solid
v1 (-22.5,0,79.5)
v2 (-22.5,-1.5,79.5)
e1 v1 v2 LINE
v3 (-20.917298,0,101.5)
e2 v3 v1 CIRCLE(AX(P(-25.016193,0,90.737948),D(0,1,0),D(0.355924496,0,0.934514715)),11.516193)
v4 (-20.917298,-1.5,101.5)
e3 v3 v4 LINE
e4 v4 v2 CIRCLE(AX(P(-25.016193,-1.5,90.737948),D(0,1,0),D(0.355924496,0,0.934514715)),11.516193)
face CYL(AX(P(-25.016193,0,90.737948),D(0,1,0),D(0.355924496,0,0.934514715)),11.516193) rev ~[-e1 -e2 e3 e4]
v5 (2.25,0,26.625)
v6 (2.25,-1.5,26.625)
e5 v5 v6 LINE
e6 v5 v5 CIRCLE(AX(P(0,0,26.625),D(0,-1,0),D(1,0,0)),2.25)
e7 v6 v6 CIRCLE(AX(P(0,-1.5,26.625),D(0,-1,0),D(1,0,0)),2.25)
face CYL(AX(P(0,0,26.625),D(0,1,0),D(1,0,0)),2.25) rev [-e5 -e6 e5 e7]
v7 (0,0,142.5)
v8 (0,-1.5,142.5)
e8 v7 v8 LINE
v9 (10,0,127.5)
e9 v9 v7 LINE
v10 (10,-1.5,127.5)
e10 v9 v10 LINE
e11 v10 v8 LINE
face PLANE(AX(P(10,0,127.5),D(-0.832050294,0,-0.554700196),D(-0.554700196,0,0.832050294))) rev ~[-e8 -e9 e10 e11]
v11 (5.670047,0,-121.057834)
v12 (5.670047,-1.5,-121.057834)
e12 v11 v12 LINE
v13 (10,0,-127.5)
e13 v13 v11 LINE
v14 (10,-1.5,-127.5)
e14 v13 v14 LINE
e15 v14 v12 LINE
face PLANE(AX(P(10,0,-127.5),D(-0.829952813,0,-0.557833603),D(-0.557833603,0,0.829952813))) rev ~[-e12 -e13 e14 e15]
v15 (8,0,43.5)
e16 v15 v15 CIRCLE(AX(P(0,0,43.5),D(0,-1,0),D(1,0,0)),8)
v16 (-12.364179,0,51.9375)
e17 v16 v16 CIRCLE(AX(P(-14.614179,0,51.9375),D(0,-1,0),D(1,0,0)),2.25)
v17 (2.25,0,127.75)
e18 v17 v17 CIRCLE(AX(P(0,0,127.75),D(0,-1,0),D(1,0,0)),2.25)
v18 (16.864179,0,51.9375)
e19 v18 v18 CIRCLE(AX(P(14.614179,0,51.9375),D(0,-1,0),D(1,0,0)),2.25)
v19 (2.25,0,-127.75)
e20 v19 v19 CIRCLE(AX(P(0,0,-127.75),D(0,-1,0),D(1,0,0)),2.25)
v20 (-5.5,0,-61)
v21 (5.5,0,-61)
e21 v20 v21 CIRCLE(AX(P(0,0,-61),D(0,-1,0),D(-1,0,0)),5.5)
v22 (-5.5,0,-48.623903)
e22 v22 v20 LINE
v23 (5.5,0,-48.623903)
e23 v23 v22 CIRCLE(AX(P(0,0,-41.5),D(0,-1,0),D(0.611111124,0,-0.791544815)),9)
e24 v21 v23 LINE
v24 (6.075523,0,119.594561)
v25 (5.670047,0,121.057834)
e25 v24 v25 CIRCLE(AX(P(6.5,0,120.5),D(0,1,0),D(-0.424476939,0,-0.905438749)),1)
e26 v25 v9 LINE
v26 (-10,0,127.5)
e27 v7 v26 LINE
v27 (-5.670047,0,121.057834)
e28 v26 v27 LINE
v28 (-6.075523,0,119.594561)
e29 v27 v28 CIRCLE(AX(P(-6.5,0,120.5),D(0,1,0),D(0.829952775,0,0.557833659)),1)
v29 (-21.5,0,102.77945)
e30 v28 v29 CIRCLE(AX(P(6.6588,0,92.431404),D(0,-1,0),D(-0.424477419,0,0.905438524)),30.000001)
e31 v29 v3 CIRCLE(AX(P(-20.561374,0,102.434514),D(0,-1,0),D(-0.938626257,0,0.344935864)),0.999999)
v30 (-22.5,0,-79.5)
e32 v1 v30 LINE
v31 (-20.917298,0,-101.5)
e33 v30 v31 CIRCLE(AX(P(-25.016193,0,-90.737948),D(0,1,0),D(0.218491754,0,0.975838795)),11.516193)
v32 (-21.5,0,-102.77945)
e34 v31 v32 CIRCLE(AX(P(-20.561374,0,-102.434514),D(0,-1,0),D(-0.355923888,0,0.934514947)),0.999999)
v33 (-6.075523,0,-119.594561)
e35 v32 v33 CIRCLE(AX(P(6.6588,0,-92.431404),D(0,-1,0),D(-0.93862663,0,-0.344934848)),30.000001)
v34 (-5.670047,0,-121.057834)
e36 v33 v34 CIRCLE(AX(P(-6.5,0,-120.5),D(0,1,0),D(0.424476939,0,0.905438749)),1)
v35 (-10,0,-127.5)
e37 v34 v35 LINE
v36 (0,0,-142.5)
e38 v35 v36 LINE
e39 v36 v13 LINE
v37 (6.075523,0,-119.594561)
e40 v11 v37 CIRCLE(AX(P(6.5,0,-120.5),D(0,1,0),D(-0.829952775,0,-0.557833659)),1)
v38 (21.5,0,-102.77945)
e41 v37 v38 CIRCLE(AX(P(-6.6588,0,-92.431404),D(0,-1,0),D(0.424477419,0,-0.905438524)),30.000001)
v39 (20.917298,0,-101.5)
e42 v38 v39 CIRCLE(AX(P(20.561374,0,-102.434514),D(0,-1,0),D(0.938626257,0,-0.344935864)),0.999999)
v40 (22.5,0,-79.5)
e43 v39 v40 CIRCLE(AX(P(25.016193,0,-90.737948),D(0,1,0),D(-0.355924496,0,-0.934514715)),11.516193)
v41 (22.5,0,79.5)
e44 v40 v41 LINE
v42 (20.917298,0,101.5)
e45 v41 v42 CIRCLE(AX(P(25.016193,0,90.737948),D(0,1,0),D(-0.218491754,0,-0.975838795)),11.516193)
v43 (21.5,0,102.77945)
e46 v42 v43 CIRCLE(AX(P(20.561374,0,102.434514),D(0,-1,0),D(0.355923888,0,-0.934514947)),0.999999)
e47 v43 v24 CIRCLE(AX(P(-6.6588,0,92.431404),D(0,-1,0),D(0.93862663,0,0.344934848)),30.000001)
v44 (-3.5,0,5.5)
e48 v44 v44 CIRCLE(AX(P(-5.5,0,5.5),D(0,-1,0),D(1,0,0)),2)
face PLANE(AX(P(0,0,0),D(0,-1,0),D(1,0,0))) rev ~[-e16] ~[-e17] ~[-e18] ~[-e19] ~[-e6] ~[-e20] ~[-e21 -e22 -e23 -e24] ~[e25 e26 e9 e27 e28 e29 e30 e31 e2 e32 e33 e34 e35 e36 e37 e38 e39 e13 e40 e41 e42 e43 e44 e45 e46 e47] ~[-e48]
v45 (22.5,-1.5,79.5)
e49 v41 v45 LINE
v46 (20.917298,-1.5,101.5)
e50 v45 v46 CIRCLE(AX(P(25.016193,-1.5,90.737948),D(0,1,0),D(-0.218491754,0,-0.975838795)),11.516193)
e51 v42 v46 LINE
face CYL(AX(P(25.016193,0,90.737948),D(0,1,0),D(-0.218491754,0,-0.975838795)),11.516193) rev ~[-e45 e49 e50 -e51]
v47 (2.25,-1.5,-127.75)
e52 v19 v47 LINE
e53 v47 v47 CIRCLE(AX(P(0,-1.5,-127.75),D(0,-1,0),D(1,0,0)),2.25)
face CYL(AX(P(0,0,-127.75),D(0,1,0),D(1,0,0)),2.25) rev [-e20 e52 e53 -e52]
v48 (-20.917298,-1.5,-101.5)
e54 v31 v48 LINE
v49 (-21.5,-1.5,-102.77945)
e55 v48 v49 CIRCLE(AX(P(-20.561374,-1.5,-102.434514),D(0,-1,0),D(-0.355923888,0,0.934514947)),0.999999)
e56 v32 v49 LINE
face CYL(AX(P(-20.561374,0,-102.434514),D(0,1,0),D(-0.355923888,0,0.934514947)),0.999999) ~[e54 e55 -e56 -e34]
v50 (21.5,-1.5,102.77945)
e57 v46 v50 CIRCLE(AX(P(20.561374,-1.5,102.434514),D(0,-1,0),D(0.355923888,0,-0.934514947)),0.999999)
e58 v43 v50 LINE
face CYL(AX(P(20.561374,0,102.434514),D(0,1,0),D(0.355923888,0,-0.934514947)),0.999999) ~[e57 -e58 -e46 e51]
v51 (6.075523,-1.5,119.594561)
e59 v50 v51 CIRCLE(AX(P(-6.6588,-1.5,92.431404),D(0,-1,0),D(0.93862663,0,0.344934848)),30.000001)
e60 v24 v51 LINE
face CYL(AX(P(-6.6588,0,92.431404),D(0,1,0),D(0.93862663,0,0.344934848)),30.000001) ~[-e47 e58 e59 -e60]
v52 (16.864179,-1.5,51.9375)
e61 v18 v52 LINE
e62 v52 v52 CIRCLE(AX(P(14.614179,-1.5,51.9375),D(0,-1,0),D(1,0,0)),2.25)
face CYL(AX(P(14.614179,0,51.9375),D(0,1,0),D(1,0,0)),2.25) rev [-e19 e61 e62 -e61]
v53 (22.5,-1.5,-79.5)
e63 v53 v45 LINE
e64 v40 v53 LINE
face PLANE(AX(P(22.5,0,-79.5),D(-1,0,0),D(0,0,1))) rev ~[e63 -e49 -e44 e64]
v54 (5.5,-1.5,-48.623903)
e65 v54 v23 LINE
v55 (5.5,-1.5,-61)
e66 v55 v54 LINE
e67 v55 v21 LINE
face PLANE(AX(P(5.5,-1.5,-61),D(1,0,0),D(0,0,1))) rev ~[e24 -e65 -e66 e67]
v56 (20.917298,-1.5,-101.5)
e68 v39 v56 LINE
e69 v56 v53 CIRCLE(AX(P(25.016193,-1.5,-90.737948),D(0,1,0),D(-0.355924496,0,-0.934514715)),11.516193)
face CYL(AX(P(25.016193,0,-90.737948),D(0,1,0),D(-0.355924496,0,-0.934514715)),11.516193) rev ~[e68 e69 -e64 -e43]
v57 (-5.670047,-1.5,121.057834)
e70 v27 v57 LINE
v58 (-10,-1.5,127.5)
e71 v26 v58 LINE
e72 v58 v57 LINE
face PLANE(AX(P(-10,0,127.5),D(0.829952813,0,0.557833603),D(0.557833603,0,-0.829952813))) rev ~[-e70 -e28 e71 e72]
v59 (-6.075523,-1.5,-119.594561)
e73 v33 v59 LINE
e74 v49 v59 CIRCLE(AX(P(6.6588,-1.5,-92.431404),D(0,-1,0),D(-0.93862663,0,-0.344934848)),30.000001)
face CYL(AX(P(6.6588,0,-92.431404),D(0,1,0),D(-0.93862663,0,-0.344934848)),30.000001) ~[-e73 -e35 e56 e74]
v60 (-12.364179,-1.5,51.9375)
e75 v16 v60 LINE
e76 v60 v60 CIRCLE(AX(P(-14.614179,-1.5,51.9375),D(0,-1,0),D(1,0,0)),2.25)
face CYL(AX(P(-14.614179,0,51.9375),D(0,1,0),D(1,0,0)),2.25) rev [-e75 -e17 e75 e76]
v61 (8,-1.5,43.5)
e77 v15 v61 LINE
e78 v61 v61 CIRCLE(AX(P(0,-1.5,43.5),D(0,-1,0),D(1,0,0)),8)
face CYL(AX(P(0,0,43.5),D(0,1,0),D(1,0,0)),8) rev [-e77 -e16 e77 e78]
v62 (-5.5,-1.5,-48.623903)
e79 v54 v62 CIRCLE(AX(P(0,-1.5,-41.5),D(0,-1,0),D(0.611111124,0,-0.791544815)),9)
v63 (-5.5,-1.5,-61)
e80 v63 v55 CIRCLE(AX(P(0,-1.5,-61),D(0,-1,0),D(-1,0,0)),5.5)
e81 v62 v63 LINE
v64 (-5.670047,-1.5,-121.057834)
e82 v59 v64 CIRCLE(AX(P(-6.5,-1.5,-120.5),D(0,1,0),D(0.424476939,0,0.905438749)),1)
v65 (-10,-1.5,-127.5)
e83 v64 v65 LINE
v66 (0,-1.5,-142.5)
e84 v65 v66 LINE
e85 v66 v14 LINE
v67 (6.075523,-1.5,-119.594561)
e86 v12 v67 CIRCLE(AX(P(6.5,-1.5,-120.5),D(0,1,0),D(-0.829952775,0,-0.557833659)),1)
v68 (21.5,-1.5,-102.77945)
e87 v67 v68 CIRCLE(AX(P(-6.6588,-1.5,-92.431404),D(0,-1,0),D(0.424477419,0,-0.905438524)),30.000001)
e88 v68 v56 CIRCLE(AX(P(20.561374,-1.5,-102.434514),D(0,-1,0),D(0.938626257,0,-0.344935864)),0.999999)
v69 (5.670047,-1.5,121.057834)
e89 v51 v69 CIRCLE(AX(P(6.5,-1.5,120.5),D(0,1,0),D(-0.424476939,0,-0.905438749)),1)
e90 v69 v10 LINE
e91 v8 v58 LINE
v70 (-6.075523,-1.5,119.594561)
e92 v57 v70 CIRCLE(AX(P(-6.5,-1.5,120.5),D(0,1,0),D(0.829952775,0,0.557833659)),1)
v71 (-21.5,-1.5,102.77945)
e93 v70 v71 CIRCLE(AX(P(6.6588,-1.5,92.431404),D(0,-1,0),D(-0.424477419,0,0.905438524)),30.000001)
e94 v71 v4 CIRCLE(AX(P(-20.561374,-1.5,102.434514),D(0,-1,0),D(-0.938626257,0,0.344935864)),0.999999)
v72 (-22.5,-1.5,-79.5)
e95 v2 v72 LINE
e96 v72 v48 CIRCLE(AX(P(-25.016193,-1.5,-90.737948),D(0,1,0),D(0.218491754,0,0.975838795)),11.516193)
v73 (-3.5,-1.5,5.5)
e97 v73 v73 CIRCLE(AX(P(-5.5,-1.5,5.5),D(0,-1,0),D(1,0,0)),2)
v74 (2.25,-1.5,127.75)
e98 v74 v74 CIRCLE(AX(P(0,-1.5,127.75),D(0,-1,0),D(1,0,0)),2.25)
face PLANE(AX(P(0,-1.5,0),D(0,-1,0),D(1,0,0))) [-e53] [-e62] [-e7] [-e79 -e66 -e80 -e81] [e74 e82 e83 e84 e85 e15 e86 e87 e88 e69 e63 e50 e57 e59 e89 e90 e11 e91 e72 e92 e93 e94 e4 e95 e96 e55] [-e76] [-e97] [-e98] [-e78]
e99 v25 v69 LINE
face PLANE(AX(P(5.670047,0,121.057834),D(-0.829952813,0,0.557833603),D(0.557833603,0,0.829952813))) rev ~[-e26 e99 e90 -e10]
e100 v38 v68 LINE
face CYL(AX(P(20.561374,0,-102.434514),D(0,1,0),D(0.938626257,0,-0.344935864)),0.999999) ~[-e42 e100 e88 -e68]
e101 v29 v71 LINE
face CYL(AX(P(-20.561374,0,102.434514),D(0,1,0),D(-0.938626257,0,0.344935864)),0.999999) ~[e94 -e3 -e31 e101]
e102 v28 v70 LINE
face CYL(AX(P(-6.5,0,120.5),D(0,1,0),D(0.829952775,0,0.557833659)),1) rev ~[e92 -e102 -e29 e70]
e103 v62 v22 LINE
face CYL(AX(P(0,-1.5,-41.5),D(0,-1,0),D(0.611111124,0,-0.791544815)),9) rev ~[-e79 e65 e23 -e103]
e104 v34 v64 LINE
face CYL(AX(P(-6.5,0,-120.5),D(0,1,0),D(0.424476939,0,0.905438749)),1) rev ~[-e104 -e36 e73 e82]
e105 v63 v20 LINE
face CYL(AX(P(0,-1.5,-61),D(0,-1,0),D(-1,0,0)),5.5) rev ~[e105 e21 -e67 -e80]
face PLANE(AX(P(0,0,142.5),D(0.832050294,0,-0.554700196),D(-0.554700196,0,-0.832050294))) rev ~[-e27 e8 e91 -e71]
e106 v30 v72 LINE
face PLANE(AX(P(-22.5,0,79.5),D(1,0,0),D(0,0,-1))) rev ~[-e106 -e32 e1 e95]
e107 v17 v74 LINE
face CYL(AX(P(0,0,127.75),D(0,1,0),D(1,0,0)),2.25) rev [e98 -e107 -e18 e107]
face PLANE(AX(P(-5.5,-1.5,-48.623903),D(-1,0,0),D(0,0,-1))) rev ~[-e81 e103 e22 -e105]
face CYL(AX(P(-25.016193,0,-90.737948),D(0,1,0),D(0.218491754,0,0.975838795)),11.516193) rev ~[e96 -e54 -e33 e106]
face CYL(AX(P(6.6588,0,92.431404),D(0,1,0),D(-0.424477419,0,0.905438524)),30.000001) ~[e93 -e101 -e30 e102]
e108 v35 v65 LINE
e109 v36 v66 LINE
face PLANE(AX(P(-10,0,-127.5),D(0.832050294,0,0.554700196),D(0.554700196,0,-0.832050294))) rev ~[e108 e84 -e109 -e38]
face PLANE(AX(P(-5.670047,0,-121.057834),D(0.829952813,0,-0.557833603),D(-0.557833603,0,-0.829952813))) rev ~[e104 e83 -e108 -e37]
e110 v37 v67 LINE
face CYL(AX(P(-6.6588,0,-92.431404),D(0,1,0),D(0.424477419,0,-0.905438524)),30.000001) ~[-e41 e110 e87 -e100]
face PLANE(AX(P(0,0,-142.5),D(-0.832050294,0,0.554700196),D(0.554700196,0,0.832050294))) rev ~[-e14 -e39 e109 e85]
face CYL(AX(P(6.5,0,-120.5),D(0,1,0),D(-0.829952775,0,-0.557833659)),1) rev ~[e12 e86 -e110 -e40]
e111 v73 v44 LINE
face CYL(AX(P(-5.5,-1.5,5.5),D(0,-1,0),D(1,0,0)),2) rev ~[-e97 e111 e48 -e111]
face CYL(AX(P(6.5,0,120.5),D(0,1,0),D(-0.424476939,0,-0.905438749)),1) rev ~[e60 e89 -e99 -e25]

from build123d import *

# Parameters (mm, degrees)
F0_R     = 2.25
F0_R_2   = 8
F1_DEPTH = 1.5
F2_R     = 2
F3_DEPTH = 1.5


with BuildPart() as f1:
    # F0 (on Front) → F1 (new body)
    with BuildSketch(Plane.XZ):
        with BuildLine():
            ThreePointArc((20.917298, -101.5), (13.529686, -89.911597), (22.5, -79.5))
            Line((22.5, -79.5), (22.5, 79.5))
            ThreePointArc((22.5, 79.5), (13.529686, 89.911597), (20.917298, 101.5))
            ThreePointArc((20.917298, 101.5), (21.471436, 102.020043), (21.5, 102.77945))
            ThreePointArc((21.5, 102.77945), (15.448865, 112.710734), (6.075523, 119.594561))
            ThreePointArc((6.075523, 119.594561), (5.536314, 120.232961), (5.670047, 121.057834))
            Line((5.670047, 121.057834), (10, 127.5))
            Line((10, 127.5), (0, 142.5))
            Line((0, 142.5), (-10, 127.5))
            Line((-10, 127.5), (-5.670047, 121.057834))
            ThreePointArc((-5.670047, 121.057834), (-5.536314, 120.232961), (-6.075523, 119.594561))
            ThreePointArc((-6.075523, 119.594561), (-15.448865, 112.710734), (-21.5, 102.77945))
            ThreePointArc((-21.5, 102.77945), (-21.471436, 102.020043), (-20.917298, 101.5))
            ThreePointArc((-20.917298, 101.5), (-13.529686, 89.911597), (-22.5, 79.5))
            Line((-22.5, 79.5), (-22.5, -79.5))
            ThreePointArc((-22.5, -79.5), (-13.529686, -89.911597), (-20.917298, -101.5))
            ThreePointArc((-20.917298, -101.5), (-21.471436, -102.020043), (-21.5, -102.77945))
            ThreePointArc((-21.5, -102.77945), (-15.448865, -112.710734), (-6.075523, -119.594561))
            ThreePointArc((-6.075523, -119.594561), (-5.536314, -120.232961), (-5.670047, -121.057834))
            Line((-5.670047, -121.057834), (-10, -127.5))
            Line((-10, -127.5), (0, -142.5))
            Line((0, -142.5), (10, -127.5))
            Line((10, -127.5), (5.670047, -121.057834))
            ThreePointArc((5.670047, -121.057834), (5.536314, -120.232961), (6.075523, -119.594561))
            ThreePointArc((6.075523, -119.594561), (15.448865, -112.710734), (21.5, -102.77945))
            ThreePointArc((21.5, -102.77945), (21.471436, -102.020043), (20.917298, -101.5))
        make_face()
        with Locations((0, -127.75)):
            Circle(F0_R, mode=Mode.SUBTRACT)
        with Locations((-14.614179, 51.9375)):
            Circle(F0_R, mode=Mode.SUBTRACT)
        with Locations((0, 26.625)):
            Circle(F0_R, mode=Mode.SUBTRACT)
        with Locations((0, 43.5)):
            Circle(F0_R_2, mode=Mode.SUBTRACT)
        with Locations((14.614179, 51.9375)):
            Circle(F0_R, mode=Mode.SUBTRACT)
        with Locations((0, 127.75)):
            Circle(F0_R, mode=Mode.SUBTRACT)
    extrude(amount=F1_DEPTH)

    # F2 (on face) → F3 (cut, through all)
    with BuildSketch(Plane.XZ.offset(1.5)):
        with BuildLine():
            Line((5.5, -61), (5.5, -48.623903))
            ThreePointArc((5.5, -48.623903), (0, -32.5), (-5.5, -48.623903))
            Line((-5.5, -48.623903), (-5.5, -61))
            ThreePointArc((-5.5, -61), (0, -66.5), (5.5, -61))
        make_face()
        with Locations((-5.5, 5.5)):
            Circle(F2_R)
    extrude(amount=-F3_DEPTH, mode=Mode.SUBTRACT)


solid = f1.part
